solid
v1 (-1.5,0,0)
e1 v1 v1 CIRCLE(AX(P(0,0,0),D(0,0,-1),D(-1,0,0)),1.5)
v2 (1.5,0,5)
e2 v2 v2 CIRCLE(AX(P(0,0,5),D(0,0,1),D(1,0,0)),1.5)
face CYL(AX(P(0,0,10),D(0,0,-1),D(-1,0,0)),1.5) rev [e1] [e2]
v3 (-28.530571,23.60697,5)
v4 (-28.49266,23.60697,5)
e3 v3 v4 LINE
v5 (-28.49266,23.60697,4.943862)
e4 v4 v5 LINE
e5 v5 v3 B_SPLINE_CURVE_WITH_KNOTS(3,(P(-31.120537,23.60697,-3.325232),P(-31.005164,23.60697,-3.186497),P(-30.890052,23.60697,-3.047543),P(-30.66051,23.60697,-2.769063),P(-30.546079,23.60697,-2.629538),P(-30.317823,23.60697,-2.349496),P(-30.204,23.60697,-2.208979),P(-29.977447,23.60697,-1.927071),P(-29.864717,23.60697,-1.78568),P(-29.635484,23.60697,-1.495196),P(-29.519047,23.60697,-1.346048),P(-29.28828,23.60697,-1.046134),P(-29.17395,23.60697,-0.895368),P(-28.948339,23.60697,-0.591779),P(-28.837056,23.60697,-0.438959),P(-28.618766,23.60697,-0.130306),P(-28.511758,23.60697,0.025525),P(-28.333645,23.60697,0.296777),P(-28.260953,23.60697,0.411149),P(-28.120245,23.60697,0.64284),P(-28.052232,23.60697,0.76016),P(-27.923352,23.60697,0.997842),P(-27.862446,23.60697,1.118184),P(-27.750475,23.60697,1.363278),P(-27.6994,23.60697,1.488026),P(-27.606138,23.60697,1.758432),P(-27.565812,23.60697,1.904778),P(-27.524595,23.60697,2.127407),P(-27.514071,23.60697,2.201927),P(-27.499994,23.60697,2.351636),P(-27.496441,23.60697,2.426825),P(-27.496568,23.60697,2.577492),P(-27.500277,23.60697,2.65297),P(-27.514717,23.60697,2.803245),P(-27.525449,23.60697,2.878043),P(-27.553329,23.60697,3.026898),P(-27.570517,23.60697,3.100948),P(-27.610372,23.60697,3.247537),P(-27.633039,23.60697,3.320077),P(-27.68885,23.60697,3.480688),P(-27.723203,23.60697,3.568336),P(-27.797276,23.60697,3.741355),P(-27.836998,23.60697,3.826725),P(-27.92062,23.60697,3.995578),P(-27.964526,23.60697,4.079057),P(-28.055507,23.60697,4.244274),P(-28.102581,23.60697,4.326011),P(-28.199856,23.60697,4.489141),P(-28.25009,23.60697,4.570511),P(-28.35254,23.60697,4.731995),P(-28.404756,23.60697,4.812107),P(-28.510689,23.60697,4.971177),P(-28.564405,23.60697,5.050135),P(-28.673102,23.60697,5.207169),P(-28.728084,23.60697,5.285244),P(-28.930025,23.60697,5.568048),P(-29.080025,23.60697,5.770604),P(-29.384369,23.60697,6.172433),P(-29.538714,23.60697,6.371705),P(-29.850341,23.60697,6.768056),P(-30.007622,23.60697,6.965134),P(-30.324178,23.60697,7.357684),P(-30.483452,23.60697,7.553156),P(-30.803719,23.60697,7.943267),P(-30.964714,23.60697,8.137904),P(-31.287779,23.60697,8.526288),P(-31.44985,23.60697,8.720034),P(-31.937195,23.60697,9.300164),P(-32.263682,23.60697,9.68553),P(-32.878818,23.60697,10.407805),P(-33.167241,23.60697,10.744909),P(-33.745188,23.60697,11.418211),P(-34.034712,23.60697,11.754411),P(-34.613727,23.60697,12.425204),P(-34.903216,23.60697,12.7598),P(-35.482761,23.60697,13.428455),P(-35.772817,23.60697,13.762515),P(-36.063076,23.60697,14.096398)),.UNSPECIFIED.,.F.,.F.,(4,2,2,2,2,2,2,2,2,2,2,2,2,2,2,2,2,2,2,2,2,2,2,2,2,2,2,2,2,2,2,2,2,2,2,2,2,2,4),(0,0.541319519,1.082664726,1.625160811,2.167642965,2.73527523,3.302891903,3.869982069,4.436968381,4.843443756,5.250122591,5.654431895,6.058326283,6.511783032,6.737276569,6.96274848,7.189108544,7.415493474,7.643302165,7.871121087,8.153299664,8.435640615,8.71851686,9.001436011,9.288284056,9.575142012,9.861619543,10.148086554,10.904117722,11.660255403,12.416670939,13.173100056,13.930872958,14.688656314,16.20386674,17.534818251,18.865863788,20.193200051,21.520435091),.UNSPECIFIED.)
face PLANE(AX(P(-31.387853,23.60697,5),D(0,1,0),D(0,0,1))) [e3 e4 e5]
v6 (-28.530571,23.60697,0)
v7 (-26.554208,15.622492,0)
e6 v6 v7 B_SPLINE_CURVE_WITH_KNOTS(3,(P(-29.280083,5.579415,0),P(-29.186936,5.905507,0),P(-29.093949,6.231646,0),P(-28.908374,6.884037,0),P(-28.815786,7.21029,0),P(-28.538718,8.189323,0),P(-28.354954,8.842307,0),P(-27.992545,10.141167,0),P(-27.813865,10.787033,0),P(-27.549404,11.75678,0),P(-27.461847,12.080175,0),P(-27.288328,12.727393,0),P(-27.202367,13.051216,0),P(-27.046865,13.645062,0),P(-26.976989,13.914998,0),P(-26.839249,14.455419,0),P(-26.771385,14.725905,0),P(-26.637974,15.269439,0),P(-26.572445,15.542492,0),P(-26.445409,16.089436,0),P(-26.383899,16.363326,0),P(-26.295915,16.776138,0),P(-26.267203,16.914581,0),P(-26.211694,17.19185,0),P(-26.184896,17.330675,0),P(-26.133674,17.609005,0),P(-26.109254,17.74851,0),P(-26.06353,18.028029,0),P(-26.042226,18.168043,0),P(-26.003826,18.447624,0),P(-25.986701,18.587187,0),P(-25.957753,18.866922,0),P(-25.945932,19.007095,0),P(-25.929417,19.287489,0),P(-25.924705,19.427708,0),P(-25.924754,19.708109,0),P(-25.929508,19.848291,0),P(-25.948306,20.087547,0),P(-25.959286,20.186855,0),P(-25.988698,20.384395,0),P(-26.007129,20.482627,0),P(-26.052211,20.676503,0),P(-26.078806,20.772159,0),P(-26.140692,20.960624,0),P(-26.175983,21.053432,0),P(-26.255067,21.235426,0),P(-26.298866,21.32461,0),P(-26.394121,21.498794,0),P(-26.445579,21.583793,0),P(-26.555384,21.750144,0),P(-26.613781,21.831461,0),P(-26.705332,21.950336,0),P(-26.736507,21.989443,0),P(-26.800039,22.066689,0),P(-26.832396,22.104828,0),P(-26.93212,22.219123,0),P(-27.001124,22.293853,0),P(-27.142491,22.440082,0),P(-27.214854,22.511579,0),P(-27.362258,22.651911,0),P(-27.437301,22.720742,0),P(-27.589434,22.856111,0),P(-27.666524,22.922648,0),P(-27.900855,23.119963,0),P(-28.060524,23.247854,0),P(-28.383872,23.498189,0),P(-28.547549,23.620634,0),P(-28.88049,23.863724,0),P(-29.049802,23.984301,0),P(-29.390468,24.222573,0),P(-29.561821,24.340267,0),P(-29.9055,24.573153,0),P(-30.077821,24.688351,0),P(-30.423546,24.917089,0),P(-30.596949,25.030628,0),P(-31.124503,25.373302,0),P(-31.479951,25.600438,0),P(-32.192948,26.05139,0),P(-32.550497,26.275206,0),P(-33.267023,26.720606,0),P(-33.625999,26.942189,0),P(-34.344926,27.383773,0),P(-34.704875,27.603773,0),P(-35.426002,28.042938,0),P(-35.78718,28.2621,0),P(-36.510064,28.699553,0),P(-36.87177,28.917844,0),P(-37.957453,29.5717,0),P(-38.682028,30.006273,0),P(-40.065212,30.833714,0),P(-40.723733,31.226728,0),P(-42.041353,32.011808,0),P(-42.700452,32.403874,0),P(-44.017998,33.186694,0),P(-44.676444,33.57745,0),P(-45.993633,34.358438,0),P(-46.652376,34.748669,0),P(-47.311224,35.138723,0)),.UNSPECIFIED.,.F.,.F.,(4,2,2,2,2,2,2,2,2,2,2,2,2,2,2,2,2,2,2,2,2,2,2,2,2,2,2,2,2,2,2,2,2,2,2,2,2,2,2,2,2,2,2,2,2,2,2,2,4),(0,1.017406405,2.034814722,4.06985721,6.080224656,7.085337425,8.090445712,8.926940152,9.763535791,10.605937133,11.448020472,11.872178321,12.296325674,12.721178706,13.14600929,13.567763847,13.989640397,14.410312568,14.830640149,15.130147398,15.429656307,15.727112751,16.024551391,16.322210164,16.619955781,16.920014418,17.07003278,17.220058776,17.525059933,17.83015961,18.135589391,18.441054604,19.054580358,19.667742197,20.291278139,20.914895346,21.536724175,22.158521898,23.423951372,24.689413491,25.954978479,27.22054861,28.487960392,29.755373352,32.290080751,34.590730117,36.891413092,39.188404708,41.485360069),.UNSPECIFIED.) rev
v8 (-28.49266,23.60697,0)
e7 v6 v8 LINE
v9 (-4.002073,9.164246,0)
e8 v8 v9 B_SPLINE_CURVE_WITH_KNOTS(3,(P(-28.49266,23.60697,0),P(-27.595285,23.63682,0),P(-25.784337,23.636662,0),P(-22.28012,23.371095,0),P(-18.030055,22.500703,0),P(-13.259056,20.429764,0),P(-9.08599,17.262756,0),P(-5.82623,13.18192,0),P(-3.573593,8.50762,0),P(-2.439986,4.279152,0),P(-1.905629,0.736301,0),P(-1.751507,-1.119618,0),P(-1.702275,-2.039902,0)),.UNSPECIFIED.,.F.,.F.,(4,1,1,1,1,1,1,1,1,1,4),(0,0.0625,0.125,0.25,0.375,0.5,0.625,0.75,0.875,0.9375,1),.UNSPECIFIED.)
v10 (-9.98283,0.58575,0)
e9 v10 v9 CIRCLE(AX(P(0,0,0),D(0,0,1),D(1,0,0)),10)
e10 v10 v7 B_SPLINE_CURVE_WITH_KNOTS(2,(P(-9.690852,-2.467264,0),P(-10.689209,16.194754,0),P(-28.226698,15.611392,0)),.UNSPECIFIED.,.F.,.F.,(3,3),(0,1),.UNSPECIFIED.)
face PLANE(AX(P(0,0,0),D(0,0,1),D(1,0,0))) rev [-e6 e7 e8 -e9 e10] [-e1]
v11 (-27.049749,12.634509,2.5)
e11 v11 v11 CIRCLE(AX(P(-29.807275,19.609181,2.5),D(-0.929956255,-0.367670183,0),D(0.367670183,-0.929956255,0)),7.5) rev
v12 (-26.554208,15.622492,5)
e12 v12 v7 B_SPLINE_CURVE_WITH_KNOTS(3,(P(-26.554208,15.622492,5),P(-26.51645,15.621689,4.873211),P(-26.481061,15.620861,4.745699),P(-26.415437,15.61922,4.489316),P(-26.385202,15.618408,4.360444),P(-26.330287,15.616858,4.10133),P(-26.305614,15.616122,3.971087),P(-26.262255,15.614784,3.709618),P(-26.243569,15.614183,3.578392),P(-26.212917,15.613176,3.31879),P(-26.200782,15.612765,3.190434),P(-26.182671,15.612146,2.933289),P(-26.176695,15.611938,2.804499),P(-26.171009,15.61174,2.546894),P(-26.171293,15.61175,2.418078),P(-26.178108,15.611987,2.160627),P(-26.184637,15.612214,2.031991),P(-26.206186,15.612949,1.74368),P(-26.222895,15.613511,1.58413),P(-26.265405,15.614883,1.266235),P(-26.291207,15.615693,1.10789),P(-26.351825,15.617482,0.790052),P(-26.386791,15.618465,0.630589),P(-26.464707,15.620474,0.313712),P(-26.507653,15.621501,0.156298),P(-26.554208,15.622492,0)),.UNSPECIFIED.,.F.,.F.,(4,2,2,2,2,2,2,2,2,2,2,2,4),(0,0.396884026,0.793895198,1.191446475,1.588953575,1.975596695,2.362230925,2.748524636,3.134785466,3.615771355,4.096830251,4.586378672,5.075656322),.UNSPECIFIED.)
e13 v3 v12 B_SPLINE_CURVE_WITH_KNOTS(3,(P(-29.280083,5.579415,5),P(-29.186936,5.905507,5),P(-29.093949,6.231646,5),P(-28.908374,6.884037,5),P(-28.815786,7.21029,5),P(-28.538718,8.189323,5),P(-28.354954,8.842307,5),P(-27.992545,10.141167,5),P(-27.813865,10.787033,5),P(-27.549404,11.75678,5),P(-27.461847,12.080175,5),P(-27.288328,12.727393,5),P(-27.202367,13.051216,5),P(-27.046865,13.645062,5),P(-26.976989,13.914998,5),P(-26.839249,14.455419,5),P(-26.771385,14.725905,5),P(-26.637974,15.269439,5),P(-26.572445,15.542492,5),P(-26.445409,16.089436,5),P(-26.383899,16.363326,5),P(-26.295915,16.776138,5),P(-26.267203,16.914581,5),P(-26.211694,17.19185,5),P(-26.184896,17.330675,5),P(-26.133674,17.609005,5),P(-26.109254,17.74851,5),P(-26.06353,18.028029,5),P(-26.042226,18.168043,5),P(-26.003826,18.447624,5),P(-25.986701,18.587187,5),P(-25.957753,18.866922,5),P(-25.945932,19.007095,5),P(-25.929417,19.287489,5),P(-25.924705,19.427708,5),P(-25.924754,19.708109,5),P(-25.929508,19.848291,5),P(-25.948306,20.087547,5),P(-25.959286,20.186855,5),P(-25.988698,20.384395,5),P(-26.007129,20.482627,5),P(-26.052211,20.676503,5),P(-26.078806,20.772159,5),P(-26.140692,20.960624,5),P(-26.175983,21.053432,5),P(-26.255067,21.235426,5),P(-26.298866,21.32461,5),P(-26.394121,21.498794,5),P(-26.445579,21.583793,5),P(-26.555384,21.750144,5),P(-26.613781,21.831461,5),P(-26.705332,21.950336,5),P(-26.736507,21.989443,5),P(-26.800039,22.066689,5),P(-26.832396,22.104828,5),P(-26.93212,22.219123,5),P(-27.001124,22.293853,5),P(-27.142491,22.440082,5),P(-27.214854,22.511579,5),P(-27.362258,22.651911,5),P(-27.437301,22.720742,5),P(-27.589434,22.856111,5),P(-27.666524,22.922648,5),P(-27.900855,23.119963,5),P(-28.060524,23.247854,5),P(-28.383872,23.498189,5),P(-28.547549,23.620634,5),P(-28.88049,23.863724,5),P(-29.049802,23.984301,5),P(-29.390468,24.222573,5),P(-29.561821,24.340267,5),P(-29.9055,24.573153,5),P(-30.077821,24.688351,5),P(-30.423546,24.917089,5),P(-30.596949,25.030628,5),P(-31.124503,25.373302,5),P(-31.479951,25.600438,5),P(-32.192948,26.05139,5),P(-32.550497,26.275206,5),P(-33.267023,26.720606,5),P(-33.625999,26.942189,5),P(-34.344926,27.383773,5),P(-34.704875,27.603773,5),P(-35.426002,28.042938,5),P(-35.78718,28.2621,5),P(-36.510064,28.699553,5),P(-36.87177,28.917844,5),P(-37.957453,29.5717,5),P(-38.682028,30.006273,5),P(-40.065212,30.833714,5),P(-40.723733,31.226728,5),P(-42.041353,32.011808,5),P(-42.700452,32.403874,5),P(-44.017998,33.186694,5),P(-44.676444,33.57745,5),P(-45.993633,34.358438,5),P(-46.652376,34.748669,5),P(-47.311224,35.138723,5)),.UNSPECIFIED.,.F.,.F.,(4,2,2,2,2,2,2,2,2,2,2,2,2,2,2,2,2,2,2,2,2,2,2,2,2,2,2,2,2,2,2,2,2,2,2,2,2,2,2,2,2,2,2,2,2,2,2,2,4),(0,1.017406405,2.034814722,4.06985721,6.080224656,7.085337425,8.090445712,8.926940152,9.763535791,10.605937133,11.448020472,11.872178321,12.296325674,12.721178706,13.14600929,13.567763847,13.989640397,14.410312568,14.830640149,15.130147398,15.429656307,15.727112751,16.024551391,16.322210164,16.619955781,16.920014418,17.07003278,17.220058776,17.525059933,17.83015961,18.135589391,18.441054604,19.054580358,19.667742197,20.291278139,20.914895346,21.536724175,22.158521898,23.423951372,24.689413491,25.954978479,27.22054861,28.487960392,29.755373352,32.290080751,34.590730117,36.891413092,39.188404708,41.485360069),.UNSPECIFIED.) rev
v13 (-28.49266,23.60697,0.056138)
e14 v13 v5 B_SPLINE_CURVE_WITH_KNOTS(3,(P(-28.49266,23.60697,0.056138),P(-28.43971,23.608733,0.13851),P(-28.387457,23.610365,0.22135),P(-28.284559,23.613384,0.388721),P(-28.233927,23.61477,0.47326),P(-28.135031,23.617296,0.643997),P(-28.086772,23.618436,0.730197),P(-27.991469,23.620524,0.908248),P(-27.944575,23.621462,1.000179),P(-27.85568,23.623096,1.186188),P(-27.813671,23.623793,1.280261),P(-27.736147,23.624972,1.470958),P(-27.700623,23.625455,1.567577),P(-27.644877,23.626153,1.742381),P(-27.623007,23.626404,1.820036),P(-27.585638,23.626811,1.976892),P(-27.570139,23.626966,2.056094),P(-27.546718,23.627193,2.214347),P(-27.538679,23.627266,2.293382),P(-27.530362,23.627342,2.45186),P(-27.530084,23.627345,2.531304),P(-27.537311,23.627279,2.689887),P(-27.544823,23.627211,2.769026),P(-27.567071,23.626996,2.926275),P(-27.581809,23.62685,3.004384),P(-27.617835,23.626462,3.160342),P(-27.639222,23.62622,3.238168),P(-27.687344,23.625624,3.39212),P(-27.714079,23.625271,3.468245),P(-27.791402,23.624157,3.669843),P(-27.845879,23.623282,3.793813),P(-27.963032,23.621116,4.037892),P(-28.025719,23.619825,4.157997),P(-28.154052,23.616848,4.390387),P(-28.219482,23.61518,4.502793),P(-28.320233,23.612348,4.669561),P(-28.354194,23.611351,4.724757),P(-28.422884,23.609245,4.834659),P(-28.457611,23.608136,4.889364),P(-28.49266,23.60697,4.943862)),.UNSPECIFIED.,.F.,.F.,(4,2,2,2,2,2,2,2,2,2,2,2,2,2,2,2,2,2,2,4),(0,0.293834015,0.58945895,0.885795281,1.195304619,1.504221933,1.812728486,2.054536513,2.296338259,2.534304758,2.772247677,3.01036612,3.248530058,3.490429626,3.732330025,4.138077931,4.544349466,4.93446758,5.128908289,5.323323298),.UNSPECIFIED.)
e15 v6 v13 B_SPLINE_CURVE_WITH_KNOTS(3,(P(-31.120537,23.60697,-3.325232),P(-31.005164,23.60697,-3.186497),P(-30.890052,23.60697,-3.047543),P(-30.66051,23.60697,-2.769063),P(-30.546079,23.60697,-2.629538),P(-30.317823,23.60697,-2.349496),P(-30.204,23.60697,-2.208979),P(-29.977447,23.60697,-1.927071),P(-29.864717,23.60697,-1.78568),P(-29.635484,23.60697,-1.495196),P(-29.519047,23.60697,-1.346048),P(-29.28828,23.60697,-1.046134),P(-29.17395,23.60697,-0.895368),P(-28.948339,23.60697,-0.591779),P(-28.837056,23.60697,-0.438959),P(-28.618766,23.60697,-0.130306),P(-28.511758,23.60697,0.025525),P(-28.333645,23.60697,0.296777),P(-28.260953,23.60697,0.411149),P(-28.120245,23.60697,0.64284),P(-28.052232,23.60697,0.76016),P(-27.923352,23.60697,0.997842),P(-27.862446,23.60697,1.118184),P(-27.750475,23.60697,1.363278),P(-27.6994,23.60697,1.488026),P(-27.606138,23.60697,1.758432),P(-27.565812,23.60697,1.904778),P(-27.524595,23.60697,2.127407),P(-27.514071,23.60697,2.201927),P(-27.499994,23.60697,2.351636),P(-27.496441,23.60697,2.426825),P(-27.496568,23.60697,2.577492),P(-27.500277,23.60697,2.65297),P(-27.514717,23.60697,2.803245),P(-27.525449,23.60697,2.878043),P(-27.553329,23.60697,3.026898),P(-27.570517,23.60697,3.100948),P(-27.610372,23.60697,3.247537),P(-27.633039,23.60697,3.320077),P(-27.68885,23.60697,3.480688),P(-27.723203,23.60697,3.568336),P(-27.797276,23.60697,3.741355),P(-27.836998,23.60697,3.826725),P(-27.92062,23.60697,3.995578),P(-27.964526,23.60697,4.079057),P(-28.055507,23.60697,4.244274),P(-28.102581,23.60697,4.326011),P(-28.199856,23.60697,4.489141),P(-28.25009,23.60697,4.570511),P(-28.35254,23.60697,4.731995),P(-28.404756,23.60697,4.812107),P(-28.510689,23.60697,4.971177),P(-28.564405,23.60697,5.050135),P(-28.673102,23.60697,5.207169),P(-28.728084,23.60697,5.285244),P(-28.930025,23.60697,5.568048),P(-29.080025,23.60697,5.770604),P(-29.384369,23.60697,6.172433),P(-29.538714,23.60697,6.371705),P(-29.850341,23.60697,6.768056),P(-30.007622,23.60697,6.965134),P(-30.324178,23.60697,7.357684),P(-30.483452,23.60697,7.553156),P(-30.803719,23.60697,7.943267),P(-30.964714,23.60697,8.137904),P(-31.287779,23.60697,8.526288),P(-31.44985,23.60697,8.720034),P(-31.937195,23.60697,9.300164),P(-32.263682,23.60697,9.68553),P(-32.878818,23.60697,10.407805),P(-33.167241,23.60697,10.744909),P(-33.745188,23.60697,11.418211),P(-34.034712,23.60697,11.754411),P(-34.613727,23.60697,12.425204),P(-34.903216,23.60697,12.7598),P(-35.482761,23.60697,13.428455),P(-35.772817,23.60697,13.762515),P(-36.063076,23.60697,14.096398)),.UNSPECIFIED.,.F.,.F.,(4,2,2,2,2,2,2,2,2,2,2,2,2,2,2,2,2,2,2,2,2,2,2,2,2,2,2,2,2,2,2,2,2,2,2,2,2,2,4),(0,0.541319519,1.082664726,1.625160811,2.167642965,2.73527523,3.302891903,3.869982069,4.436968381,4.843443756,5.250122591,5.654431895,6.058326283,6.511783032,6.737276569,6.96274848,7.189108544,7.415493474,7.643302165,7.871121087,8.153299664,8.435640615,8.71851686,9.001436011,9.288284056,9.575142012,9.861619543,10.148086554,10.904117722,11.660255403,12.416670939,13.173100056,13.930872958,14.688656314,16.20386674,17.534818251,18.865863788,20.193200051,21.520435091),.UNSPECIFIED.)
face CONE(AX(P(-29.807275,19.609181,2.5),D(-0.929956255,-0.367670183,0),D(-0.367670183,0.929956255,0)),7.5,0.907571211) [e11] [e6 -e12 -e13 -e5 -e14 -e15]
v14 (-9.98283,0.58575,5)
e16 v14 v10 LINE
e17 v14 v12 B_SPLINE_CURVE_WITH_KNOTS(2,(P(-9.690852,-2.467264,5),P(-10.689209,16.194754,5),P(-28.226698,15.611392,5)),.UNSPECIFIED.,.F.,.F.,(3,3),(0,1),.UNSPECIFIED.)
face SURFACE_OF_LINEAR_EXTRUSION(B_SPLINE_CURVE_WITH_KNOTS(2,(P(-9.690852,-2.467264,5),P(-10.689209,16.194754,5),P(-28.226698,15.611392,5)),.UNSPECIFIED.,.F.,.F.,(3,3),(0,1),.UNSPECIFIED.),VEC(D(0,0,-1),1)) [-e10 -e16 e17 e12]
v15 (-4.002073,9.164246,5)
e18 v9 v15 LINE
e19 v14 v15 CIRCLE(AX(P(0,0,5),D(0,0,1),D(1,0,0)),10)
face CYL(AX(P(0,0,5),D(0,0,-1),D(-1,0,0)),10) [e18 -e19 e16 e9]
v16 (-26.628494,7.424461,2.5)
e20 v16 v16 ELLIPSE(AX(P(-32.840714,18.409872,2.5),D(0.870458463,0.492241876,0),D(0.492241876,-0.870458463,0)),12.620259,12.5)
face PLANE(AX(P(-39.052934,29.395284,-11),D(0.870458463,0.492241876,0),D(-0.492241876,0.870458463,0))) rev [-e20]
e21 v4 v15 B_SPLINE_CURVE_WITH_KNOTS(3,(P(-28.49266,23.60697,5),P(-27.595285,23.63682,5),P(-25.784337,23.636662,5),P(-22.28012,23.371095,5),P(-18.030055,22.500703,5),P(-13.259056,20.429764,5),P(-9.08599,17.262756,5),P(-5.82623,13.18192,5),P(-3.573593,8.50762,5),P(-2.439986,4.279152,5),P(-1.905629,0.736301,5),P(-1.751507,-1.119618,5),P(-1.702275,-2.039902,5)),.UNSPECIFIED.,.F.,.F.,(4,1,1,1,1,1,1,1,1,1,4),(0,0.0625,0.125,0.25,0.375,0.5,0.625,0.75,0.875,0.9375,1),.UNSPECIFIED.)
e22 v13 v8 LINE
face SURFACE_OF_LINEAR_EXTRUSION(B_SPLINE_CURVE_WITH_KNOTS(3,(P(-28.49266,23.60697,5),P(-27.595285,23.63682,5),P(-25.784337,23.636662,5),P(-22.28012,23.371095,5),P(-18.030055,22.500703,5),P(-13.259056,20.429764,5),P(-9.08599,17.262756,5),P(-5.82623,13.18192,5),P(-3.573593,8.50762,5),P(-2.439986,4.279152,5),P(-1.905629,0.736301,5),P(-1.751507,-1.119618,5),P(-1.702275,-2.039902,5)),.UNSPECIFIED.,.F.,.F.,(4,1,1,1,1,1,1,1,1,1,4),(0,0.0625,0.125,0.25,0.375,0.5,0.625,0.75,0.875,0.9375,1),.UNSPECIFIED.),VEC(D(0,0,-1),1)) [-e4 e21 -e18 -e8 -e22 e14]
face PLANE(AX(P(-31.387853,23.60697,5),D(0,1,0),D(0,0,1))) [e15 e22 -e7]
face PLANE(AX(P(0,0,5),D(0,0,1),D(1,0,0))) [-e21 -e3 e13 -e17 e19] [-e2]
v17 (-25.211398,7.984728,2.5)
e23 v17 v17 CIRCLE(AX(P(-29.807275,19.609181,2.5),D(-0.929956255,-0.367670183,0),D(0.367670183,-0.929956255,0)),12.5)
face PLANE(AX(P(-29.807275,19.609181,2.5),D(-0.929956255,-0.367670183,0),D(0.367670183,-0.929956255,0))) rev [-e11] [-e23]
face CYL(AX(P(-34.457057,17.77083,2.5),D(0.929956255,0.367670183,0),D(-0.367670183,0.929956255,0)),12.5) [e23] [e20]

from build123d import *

# Parameters (mm, degrees)
SKETCH1_R           = 10
BOSS_EXTRUDE1_DEPTH = 5
BOSS_EXTRUDE2_DEPTH = 5
SKETCH3_R           = 12.5
BOSS_EXTRUDE3_DEPTH = 5
SKETCH5_R           = 7.5
BOSS_EXTRUDE4_DEPTH = 5
BOSS_EXTRUDE4_TAPER = 52
CUT_EXTRUDE4_DEPTH  = 26
SKETCH12_R          = 1.5
CUT_EXTRUDE5_DEPTH  = 10


with BuildPart() as part:
    # Sketch1 → Boss-Extrude1 (new body)
    with BuildSketch(Plane.XY):
        Circle(SKETCH1_R)
    extrude(amount=BOSS_EXTRUDE1_DEPTH)

    # Sketch2 → Boss-Extrude2 (add)
    with BuildSketch(Plane(origin=(0, 0, 0), x_dir=(-1, 0, 0), z_dir=(0, 0, -1))):
        with BuildLine():
            Line((28.226697949, 15.611392499), (31.387852607, 23.606970284))
            Line((31.387852607, 23.606970284), (28.492660152, 23.606970284))
            add(Edge.make_bspline(
                [(1.702274754, -2.039901693), (1.751506914, -1.119618262), (1.905629401, 0.736300837), (2.439985578, 4.279152464), (3.573593312, 8.507619636), (5.826230301, 13.181920176), (9.085989857, 17.262755922), (13.259055966, 20.42976386), (18.030055154, 22.500703416), (22.280120083, 23.371095334), (25.78433669, 23.636661982), (27.595284541, 23.636820284), (28.492660152, 23.606970284)],
                knots=[0, 0, 0, 0, 0.0625, 0.125, 0.25, 0.375, 0.5, 0.625, 0.75, 0.875, 0.9375, 1, 1, 1, 1], degree=3))
            Line((1.702274754, -2.039901693), (9.690851664, -2.467264483))
            add(Edge.make_bspline(
                [(9.690851664, -2.467264483), (10.68920872, 16.194753627), (28.226697949, 15.611392499)],
                knots=[0, 0, 0, 1, 1, 1], degree=2))
        make_face()
    extrude(amount=-BOSS_EXTRUDE2_DEPTH)

    # Sketch3 → Boss-Extrude3 (add)
    with BuildSketch(Plane(origin=(-19.073171032, -7.540823824, 0), x_dir=(0, 0, 1), z_dir=(-0.9299562551595503, -0.3676701830304238, 0))):
        with Locations(Location((2.5, 29.194927251, 0), (0, 0, 270))):
            Circle(SKETCH3_R)
    extrude(amount=BOSS_EXTRUDE3_DEPTH)

    # Sketch5 → Boss-Extrude4 (add)
    with BuildSketch(Plane(origin=(-19.073171032, -7.540823824, 0), x_dir=(0, 0, -1), z_dir=(0.9299562551595503, 0.3676701830304238, 0))):
        with Locations((-2.5, 29.194927251)):
            Circle(SKETCH5_R)
    extrude(amount=BOSS_EXTRUDE4_DEPTH, taper=BOSS_EXTRUDE4_TAPER)

    # Sketch11 → Cut-Extrude4 (cut)
    with BuildSketch(Plane.XY.offset(15)):
        Polygon((-39.052933842, 29.395283666), (-26.628493881, 7.42446109), (-33.620316113, 1.865469744), align=None)
    extrude(amount=-CUT_EXTRUDE4_DEPTH, mode=Mode.SUBTRACT)

    # Sketch12 → Cut-Extrude5 (cut)
    with BuildSketch(Plane(origin=(0, 0, 0), x_dir=(-1, 0, 0), z_dir=(0, 0, -1))):
        Circle(SKETCH12_R)
    extrude(amount=-CUT_EXTRUDE5_DEPTH, mode=Mode.SUBTRACT)


solid = part.part
